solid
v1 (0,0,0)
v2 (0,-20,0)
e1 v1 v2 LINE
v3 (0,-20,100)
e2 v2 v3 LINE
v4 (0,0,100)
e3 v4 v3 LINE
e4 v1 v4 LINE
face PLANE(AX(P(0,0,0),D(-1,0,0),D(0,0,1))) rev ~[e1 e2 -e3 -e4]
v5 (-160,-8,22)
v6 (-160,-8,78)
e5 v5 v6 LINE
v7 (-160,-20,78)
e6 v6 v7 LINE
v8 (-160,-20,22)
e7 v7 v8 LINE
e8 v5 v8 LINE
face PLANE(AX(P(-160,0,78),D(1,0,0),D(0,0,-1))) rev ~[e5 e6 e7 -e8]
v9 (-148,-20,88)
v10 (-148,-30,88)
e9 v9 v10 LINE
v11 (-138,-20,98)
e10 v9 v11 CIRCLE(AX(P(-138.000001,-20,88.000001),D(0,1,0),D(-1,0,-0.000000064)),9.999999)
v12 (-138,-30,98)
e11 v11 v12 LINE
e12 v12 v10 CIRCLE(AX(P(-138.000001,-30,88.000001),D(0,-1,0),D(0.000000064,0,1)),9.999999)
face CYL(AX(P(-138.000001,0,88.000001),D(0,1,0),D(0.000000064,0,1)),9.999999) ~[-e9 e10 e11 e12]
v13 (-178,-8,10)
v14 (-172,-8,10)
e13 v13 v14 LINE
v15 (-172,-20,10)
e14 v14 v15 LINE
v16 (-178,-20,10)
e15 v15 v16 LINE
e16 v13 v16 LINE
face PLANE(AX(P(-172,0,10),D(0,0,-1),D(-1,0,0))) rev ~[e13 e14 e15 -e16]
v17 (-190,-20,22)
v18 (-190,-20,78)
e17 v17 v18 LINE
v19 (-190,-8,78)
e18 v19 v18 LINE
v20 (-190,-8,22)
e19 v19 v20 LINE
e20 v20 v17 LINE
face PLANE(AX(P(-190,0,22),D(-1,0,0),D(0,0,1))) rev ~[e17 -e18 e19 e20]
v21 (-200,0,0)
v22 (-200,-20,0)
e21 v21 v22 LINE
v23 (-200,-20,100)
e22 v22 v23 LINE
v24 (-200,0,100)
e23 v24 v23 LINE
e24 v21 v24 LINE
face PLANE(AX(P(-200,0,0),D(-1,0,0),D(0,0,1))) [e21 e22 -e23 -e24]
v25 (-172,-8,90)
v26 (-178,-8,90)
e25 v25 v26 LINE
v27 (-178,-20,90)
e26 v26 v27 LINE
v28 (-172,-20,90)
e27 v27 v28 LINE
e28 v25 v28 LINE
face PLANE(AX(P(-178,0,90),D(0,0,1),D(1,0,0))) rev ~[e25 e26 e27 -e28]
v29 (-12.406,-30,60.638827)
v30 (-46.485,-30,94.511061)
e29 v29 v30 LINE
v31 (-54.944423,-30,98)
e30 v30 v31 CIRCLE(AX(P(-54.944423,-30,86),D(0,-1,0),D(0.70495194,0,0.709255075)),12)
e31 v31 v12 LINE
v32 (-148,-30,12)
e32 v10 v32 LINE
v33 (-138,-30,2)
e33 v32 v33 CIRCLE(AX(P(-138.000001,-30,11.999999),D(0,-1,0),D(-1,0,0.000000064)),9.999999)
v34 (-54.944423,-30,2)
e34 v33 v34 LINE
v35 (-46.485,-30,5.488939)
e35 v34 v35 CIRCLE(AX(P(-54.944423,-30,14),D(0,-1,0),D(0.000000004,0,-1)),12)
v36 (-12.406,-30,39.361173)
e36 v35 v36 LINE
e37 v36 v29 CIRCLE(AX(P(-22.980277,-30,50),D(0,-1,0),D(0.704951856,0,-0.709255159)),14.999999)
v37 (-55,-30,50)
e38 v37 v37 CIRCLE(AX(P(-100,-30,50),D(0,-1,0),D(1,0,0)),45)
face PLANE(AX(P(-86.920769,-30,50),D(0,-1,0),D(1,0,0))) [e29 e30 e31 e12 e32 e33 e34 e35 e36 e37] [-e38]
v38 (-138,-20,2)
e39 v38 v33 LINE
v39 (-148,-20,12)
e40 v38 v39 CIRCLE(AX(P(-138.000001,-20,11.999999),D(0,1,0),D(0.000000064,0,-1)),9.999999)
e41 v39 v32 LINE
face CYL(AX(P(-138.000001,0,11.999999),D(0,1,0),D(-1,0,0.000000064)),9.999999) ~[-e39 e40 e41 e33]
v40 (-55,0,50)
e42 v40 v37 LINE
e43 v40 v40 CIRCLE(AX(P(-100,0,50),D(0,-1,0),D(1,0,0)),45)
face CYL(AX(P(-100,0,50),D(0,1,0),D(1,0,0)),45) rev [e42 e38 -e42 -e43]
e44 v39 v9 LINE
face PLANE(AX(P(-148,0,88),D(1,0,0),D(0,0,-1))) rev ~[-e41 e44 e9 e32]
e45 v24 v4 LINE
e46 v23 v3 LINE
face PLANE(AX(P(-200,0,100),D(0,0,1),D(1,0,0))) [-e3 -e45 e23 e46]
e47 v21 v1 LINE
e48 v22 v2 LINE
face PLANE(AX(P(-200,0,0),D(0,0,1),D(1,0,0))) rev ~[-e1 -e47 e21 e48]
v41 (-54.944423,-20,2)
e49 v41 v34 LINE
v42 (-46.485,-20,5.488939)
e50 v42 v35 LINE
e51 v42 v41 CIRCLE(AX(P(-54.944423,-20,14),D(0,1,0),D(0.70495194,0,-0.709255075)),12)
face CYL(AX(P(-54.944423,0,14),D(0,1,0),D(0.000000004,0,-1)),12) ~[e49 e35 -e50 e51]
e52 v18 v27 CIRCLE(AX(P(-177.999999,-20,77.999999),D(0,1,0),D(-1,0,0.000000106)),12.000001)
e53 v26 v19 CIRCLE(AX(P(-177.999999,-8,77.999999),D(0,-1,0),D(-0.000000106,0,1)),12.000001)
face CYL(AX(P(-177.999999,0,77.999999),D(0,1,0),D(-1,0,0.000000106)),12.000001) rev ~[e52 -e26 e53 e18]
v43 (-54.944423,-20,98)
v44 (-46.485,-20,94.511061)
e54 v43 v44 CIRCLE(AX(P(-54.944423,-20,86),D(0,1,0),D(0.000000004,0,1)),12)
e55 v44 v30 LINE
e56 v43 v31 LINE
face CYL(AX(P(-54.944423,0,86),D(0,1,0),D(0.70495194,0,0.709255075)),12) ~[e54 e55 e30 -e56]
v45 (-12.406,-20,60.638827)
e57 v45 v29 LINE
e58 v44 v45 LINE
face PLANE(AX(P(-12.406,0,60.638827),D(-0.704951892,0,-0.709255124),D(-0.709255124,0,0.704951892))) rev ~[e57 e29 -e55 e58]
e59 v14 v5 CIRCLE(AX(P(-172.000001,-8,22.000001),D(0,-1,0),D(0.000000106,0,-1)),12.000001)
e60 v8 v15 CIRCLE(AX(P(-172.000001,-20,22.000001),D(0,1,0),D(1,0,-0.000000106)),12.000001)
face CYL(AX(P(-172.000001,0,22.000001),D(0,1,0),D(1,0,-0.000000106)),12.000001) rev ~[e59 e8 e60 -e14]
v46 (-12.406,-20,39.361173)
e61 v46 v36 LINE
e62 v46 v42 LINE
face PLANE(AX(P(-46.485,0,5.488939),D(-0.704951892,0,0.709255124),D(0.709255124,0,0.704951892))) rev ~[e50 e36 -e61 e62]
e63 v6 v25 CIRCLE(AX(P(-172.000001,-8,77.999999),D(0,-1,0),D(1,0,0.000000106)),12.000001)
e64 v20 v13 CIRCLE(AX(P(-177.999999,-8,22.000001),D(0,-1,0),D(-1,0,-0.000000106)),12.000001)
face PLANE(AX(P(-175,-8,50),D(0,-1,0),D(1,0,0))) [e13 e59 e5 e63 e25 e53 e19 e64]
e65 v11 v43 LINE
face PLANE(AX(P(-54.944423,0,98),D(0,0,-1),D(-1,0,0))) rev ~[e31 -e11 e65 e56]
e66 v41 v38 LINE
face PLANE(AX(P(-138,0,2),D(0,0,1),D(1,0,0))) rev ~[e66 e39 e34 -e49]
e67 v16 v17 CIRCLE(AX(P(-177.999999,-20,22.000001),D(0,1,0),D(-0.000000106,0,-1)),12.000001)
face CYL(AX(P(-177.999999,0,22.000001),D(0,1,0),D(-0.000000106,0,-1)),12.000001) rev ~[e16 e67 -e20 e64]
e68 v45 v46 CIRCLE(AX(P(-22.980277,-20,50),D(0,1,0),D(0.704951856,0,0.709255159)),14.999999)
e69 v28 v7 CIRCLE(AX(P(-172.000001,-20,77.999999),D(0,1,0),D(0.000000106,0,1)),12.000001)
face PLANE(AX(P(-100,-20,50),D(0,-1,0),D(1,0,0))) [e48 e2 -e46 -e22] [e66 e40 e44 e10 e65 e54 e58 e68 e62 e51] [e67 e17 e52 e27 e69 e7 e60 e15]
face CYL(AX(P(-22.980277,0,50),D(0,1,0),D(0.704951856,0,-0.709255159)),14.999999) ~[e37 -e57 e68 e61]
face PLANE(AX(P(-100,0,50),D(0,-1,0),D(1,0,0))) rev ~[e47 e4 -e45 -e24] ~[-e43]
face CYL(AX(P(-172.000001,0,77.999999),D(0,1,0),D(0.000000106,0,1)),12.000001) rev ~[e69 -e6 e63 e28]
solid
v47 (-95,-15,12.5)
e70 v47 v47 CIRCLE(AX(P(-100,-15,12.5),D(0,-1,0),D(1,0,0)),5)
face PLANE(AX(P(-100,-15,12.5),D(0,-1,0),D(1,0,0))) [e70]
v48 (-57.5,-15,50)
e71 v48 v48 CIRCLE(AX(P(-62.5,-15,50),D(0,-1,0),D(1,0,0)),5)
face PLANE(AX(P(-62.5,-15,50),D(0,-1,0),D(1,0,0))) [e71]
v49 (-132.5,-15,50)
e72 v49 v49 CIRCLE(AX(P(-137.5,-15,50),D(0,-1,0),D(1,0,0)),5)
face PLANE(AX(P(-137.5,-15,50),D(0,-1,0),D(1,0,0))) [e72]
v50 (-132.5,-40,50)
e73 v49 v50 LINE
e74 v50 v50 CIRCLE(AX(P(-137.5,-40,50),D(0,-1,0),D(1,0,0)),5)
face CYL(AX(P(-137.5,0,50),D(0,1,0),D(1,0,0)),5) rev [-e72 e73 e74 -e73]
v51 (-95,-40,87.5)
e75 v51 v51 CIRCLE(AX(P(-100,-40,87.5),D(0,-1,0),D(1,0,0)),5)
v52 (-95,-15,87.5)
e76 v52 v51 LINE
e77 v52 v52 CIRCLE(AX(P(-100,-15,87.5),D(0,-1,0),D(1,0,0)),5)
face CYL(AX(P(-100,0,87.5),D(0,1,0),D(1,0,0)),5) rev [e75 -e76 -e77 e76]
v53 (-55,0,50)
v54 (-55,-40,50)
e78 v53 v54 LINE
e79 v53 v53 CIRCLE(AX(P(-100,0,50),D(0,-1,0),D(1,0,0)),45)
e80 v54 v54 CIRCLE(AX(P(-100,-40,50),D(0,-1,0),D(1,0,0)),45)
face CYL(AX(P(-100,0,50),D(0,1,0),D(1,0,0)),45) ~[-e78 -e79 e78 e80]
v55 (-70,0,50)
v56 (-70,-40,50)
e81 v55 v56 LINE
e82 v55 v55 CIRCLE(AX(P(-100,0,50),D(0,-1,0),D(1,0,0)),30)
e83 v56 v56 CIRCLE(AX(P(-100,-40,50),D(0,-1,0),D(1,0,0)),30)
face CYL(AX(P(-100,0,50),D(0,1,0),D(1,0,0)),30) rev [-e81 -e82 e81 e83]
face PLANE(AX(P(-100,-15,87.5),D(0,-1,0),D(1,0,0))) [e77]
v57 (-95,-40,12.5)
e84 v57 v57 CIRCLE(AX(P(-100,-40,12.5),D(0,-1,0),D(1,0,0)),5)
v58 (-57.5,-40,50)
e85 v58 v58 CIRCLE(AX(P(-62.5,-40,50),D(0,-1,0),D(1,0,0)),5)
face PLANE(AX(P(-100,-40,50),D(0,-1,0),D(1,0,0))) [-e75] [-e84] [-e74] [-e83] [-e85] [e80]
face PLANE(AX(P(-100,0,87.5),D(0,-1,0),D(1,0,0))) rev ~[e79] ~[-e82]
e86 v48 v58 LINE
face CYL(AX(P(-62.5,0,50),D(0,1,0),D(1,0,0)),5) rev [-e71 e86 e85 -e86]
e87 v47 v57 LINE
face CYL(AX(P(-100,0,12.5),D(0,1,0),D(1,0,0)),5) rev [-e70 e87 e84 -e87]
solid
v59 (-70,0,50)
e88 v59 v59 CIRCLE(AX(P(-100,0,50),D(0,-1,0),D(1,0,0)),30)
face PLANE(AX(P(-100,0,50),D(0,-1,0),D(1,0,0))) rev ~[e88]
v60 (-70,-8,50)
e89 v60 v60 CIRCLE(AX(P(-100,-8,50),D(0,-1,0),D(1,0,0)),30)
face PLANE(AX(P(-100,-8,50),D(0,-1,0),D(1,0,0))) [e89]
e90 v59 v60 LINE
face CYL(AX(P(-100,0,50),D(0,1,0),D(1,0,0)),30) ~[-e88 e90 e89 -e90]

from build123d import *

# Parameters (mm, degrees)
F0_R     = 30
F1_DEPTH = 8
F0_W     = 200
F0_H     = 100
F2_DEPTH = 20
F0_R_2   = 45
F3_DEPTH = 30
F0_R_3   = 5
F4_DEPTH = 40
F5_DEPTH = 15


with BuildPart() as f1:
    # F0 (on Front) → F1 (new body)
    with BuildSketch(Plane.XZ):
        with Locations((-100, 50)):
            Circle(F0_R)
        with BuildLine():
            Line((-172, 90), (-178, 90))
            ThreePointArc((-178, 90), (-186.485281, 86.485281), (-190, 78))
            Line((-190, 78), (-190, 22))
            ThreePointArc((-190, 22), (-186.485281, 13.514719), (-178, 10))
            Line((-178, 10), (-172, 10))
            ThreePointArc((-172, 10), (-163.514719, 13.514719), (-160, 22))
            Line((-160, 22), (-160, 78))
            ThreePointArc((-160, 78), (-163.514719, 86.485281), (-172, 90))
        make_face()
    extrude(amount=F1_DEPTH)

    # F0 (on Front) → F2 (join)
    with BuildSketch(Plane.XZ):
        with Locations((-100, 50)):
            Rectangle(F0_W, F0_H)
        with BuildLine():
            ThreePointArc((-190, 78), (-186.485281, 86.485281), (-178, 90))
            Line((-178, 90), (-172, 90))
            ThreePointArc((-172, 90), (-163.514719, 86.485281), (-160, 78))
            Line((-160, 78), (-160, 22))
            ThreePointArc((-160, 22), (-163.514719, 13.514719), (-172, 10))
            Line((-172, 10), (-178, 10))
            ThreePointArc((-178, 10), (-186.485281, 13.514719), (-190, 22))
            Line((-190, 22), (-190, 78))
        make_face(mode=Mode.SUBTRACT)
        with BuildLine():
            Line((-148, 12), (-148, 88))
            ThreePointArc((-148, 88), (-145.071068, 95.071068), (-138, 98))
            Line((-138, 98), (-54.944423, 98))
            ThreePointArc((-54.944423, 98), (-50.369094, 97.093528), (-46.485, 94.511061))
            Line((-46.485, 94.511061), (-12.406, 60.638827))
            ThreePointArc((-12.406, 60.638827), (-7.980278, 50), (-12.406, 39.361173))
            Line((-12.406, 39.361173), (-46.485, 5.488939))
            ThreePointArc((-46.485, 5.488939), (-50.369094, 2.906472), (-54.944423, 2))
            Line((-54.944423, 2), (-138, 2))
            ThreePointArc((-138, 2), (-145.071068, 4.928932), (-148, 12))
        make_face(mode=Mode.SUBTRACT)
    extrude(amount=F2_DEPTH)

    # F0 (on Front) → F3 (join)
    with BuildSketch(Plane.XZ):
        with BuildLine():
            ThreePointArc((-138, 98), (-145.071068, 95.071068), (-148, 88))
            Line((-148, 88), (-148, 12))
            ThreePointArc((-148, 12), (-145.071068, 4.928932), (-138, 2))
            Line((-138, 2), (-54.944423, 2))
            ThreePointArc((-54.944423, 2), (-50.369094, 2.906472), (-46.485, 5.488939))
            Line((-46.485, 5.488939), (-12.406, 39.361173))
            ThreePointArc((-12.406, 39.361173), (-7.980278, 50), (-12.406, 60.638827))
            Line((-12.406, 60.638827), (-46.485, 94.511061))
            ThreePointArc((-46.485, 94.511061), (-50.369094, 97.093528), (-54.944423, 98))
            Line((-54.944423, 98), (-138, 98))
        make_face()
        with Locations((-100, 50)):
            Circle(F0_R_2, mode=Mode.SUBTRACT)
    extrude(amount=F3_DEPTH)


with BuildPart() as f4:
    # F0 (on Front) → F4 (new body)
    with BuildSketch(Plane.XZ):
        with Locations((-100, 50)):
            Circle(F0_R_2)
        with Locations((-100, 12.5)):
            Circle(F0_R_3, mode=Mode.SUBTRACT)
        with Locations((-137.5, 50)):
            Circle(F0_R_3, mode=Mode.SUBTRACT)
        with Locations((-100, 50)):
            Circle(F0_R, mode=Mode.SUBTRACT)
        with Locations((-62.5, 50)):
            Circle(F0_R_3, mode=Mode.SUBTRACT)
        with Locations((-100, 87.5)):
            Circle(F0_R_3, mode=Mode.SUBTRACT)
    extrude(amount=F4_DEPTH)

    # F0 (on Front) → F5 (join)
    with BuildSketch(Plane.XZ):
        with Locations((-100, 87.5)):
            Circle(F0_R_3)
        with Locations((-62.5, 50)):
            Circle(F0_R_3)
        with Locations((-100, 12.5)):
            Circle(F0_R_3)
        with Locations((-137.5, 50)):
            Circle(F0_R_3)
    extrude(amount=F5_DEPTH)


solid = Compound([f1.part, f4.part])
